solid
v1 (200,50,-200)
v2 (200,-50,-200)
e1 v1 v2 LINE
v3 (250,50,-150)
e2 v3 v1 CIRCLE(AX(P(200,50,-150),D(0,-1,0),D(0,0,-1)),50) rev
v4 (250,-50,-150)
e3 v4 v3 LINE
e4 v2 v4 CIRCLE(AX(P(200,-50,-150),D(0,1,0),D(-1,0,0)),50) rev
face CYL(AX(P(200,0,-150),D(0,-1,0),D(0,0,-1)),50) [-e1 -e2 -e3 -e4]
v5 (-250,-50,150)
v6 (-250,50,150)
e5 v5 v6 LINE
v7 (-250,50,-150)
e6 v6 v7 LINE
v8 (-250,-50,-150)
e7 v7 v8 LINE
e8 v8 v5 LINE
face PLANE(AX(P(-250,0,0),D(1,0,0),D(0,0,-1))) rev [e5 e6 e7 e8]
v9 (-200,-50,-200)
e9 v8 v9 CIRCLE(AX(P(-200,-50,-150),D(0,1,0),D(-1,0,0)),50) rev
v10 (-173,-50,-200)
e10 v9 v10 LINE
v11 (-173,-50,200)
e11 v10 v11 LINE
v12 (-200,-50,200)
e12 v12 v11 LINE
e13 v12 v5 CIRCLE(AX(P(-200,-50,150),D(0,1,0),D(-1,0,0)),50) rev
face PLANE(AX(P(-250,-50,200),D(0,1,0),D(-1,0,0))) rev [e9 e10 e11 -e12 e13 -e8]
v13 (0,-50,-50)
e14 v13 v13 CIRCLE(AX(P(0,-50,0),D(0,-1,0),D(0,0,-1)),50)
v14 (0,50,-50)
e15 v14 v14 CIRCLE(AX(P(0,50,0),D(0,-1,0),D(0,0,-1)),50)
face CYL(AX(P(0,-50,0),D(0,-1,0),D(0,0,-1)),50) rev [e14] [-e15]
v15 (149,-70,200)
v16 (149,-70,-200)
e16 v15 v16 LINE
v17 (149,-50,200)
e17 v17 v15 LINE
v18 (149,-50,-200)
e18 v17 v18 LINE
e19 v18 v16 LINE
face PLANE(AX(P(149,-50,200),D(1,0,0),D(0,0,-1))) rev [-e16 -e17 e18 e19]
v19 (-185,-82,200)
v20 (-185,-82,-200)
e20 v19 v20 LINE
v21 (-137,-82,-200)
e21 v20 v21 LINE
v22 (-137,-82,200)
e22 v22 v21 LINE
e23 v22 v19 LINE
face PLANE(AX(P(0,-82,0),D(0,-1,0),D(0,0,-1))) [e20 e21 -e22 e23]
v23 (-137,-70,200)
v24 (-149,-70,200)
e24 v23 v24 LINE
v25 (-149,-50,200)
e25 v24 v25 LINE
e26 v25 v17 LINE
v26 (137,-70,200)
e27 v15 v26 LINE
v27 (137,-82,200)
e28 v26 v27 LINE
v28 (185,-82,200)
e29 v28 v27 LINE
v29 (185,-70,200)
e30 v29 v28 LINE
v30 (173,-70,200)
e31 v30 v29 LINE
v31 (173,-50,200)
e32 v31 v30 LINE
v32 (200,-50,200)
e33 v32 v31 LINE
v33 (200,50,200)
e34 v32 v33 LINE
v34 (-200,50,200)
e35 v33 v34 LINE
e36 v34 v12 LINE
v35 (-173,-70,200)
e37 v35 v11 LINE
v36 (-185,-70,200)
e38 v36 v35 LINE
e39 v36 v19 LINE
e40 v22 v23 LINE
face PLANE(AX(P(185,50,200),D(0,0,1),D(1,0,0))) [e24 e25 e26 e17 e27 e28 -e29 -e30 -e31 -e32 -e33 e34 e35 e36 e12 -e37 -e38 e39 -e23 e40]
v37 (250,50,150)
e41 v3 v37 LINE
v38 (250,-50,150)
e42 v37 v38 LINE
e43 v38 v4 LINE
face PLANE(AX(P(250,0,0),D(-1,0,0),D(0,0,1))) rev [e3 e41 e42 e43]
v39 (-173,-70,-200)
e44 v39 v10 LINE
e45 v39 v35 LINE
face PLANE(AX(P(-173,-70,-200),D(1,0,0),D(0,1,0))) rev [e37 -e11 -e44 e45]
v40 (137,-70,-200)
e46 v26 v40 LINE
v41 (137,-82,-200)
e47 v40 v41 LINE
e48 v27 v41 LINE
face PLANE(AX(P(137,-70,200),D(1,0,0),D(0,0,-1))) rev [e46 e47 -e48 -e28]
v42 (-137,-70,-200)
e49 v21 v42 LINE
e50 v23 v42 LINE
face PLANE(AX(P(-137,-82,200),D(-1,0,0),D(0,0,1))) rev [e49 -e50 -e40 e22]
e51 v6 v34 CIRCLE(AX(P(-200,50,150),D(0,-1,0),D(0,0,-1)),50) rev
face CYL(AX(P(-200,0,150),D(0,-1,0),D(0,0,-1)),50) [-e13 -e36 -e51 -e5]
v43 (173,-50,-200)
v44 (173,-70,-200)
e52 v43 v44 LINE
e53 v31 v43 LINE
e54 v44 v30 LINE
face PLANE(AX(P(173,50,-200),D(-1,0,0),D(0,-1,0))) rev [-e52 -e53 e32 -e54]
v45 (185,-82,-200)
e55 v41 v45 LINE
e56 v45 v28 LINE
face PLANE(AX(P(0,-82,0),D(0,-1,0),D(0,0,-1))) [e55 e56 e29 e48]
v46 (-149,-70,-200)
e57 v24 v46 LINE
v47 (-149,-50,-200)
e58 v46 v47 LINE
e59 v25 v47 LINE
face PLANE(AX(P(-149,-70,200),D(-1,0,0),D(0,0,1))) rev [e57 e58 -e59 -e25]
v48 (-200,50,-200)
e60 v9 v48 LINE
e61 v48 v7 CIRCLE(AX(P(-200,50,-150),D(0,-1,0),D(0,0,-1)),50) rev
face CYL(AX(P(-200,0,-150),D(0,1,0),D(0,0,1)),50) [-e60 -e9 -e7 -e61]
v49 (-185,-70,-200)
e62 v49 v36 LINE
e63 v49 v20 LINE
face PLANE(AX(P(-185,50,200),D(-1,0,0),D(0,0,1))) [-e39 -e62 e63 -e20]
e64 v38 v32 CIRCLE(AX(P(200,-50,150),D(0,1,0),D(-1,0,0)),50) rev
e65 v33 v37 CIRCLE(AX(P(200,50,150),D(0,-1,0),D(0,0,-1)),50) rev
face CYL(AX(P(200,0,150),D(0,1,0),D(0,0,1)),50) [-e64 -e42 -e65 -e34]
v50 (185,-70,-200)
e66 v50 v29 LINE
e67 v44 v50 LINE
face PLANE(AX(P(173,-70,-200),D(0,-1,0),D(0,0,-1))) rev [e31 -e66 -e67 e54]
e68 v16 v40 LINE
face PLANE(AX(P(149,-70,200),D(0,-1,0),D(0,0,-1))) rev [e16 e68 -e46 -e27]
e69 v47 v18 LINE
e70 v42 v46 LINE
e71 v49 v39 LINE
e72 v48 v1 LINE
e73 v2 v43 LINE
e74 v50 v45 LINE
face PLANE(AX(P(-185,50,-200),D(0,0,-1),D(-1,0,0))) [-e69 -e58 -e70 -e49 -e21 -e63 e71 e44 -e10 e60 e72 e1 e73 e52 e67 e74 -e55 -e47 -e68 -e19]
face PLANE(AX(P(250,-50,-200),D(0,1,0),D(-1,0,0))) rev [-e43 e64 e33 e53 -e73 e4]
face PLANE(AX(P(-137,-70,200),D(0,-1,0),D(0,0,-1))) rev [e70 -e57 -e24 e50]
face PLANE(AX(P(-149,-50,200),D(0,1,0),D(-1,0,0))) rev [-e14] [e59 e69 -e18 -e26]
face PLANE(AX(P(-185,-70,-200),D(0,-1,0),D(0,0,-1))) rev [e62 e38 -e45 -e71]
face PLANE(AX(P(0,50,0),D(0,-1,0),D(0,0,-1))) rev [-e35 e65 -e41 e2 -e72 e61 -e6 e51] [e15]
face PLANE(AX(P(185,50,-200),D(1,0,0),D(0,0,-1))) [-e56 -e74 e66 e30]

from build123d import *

# Parameters (mm, degrees)
SKETCH_1_W          = 370
SKETCH_1_H          = 400
EXTRUDE_1_DEPTH     = 132
SKETCH_2_W          = 12
SKETCH_2_H          = 119.999999988
CUT_EXTRUDE_1_DEPTH = 449.273354104
SKETCH_3_W          = 400
SKETCH_3_H          = 100
EXTRUDE_2_DEPTH     = 77
SKETCH_4_W          = 12
SKETCH_4_H          = 119.999999988
CUT_EXTRUDE_2_DEPTH = 479.773432847
SKETCH_5_W          = 400
SKETCH_5_H          = 100
EXTRUDE_3_DEPTH     = 77
CUT_EXTRUDE_3_DEPTH = 479.773432847
HOLE_WIZARD_1_D     = 100
FILLET_1_R          = 50


with BuildPart() as part:
    # 草图1 → 凸台-拉伸1 (new body)
    with BuildSketch(Plane.XZ.offset(82)):
        Rectangle(SKETCH_1_W, SKETCH_1_H)
    extrude(amount=-EXTRUDE_1_DEPTH)

    # 草图2 → 切除-拉伸1 (cut, through all)
    with BuildSketch(Plane.XY.offset(200)):
        with Locations((-179, -9.999999994)):
            Rectangle(SKETCH_2_W, SKETCH_2_H)
    extrude(amount=-CUT_EXTRUDE_1_DEPTH, mode=Mode.SUBTRACT)

    # 草图3 → 凸台-拉伸2 (add)
    with BuildSketch(Plane.ZY.offset(173)):
        Rectangle(SKETCH_3_W, SKETCH_3_H)
    extrude(amount=EXTRUDE_2_DEPTH)

    # 草图4 → 切除-拉伸2 (cut, through all)
    with BuildSketch(Plane.XY.offset(200)):
        with Locations((179, -9.999999994)):
            Rectangle(SKETCH_4_W, SKETCH_4_H)
    extrude(amount=-CUT_EXTRUDE_2_DEPTH, mode=Mode.SUBTRACT)

    # 草图5 → 凸台-拉伸3 (add)
    with BuildSketch(Plane(origin=(173, 0, 0), x_dir=(0, 0, -1), z_dir=(1, 0, 0))):
        Rectangle(SKETCH_5_W, SKETCH_5_H)
    extrude(amount=EXTRUDE_3_DEPTH)

    # 草图6 → 切除-拉伸3 (cut, through all)
    with BuildSketch(Plane(origin=(0, 0, -200), x_dir=(-1, 0, 0), z_dir=(0, 0, -1))):
        Polygon((-137, -82), (137, -82), (137, -69.999999997), (149, -69.999999997), (149, -50), (-149, -50), (-149, -69.999999997), (-137, -69.999999997), align=None)
    extrude(amount=-CUT_EXTRUDE_3_DEPTH, mode=Mode.SUBTRACT)

    # 孔1 (through all)
    with Locations(Plane(origin=(0, -50, 0), x_dir=(-1, 0, 0), z_dir=(0, -1, 0))):
        with Locations((0, 0)):
            Hole(HOLE_WIZARD_1_D / 2)

    # 圆角1
    fillet_1_edges = [part.edges().sort_by_distance(p)[0] for p in [
        (-250, 0, -200),
        (-250, 0, 200),
        (250, 0, -200),
        (250, 0, 200),
    ]]
    fillet(fillet_1_edges, radius=FILLET_1_R)


solid = part.part
